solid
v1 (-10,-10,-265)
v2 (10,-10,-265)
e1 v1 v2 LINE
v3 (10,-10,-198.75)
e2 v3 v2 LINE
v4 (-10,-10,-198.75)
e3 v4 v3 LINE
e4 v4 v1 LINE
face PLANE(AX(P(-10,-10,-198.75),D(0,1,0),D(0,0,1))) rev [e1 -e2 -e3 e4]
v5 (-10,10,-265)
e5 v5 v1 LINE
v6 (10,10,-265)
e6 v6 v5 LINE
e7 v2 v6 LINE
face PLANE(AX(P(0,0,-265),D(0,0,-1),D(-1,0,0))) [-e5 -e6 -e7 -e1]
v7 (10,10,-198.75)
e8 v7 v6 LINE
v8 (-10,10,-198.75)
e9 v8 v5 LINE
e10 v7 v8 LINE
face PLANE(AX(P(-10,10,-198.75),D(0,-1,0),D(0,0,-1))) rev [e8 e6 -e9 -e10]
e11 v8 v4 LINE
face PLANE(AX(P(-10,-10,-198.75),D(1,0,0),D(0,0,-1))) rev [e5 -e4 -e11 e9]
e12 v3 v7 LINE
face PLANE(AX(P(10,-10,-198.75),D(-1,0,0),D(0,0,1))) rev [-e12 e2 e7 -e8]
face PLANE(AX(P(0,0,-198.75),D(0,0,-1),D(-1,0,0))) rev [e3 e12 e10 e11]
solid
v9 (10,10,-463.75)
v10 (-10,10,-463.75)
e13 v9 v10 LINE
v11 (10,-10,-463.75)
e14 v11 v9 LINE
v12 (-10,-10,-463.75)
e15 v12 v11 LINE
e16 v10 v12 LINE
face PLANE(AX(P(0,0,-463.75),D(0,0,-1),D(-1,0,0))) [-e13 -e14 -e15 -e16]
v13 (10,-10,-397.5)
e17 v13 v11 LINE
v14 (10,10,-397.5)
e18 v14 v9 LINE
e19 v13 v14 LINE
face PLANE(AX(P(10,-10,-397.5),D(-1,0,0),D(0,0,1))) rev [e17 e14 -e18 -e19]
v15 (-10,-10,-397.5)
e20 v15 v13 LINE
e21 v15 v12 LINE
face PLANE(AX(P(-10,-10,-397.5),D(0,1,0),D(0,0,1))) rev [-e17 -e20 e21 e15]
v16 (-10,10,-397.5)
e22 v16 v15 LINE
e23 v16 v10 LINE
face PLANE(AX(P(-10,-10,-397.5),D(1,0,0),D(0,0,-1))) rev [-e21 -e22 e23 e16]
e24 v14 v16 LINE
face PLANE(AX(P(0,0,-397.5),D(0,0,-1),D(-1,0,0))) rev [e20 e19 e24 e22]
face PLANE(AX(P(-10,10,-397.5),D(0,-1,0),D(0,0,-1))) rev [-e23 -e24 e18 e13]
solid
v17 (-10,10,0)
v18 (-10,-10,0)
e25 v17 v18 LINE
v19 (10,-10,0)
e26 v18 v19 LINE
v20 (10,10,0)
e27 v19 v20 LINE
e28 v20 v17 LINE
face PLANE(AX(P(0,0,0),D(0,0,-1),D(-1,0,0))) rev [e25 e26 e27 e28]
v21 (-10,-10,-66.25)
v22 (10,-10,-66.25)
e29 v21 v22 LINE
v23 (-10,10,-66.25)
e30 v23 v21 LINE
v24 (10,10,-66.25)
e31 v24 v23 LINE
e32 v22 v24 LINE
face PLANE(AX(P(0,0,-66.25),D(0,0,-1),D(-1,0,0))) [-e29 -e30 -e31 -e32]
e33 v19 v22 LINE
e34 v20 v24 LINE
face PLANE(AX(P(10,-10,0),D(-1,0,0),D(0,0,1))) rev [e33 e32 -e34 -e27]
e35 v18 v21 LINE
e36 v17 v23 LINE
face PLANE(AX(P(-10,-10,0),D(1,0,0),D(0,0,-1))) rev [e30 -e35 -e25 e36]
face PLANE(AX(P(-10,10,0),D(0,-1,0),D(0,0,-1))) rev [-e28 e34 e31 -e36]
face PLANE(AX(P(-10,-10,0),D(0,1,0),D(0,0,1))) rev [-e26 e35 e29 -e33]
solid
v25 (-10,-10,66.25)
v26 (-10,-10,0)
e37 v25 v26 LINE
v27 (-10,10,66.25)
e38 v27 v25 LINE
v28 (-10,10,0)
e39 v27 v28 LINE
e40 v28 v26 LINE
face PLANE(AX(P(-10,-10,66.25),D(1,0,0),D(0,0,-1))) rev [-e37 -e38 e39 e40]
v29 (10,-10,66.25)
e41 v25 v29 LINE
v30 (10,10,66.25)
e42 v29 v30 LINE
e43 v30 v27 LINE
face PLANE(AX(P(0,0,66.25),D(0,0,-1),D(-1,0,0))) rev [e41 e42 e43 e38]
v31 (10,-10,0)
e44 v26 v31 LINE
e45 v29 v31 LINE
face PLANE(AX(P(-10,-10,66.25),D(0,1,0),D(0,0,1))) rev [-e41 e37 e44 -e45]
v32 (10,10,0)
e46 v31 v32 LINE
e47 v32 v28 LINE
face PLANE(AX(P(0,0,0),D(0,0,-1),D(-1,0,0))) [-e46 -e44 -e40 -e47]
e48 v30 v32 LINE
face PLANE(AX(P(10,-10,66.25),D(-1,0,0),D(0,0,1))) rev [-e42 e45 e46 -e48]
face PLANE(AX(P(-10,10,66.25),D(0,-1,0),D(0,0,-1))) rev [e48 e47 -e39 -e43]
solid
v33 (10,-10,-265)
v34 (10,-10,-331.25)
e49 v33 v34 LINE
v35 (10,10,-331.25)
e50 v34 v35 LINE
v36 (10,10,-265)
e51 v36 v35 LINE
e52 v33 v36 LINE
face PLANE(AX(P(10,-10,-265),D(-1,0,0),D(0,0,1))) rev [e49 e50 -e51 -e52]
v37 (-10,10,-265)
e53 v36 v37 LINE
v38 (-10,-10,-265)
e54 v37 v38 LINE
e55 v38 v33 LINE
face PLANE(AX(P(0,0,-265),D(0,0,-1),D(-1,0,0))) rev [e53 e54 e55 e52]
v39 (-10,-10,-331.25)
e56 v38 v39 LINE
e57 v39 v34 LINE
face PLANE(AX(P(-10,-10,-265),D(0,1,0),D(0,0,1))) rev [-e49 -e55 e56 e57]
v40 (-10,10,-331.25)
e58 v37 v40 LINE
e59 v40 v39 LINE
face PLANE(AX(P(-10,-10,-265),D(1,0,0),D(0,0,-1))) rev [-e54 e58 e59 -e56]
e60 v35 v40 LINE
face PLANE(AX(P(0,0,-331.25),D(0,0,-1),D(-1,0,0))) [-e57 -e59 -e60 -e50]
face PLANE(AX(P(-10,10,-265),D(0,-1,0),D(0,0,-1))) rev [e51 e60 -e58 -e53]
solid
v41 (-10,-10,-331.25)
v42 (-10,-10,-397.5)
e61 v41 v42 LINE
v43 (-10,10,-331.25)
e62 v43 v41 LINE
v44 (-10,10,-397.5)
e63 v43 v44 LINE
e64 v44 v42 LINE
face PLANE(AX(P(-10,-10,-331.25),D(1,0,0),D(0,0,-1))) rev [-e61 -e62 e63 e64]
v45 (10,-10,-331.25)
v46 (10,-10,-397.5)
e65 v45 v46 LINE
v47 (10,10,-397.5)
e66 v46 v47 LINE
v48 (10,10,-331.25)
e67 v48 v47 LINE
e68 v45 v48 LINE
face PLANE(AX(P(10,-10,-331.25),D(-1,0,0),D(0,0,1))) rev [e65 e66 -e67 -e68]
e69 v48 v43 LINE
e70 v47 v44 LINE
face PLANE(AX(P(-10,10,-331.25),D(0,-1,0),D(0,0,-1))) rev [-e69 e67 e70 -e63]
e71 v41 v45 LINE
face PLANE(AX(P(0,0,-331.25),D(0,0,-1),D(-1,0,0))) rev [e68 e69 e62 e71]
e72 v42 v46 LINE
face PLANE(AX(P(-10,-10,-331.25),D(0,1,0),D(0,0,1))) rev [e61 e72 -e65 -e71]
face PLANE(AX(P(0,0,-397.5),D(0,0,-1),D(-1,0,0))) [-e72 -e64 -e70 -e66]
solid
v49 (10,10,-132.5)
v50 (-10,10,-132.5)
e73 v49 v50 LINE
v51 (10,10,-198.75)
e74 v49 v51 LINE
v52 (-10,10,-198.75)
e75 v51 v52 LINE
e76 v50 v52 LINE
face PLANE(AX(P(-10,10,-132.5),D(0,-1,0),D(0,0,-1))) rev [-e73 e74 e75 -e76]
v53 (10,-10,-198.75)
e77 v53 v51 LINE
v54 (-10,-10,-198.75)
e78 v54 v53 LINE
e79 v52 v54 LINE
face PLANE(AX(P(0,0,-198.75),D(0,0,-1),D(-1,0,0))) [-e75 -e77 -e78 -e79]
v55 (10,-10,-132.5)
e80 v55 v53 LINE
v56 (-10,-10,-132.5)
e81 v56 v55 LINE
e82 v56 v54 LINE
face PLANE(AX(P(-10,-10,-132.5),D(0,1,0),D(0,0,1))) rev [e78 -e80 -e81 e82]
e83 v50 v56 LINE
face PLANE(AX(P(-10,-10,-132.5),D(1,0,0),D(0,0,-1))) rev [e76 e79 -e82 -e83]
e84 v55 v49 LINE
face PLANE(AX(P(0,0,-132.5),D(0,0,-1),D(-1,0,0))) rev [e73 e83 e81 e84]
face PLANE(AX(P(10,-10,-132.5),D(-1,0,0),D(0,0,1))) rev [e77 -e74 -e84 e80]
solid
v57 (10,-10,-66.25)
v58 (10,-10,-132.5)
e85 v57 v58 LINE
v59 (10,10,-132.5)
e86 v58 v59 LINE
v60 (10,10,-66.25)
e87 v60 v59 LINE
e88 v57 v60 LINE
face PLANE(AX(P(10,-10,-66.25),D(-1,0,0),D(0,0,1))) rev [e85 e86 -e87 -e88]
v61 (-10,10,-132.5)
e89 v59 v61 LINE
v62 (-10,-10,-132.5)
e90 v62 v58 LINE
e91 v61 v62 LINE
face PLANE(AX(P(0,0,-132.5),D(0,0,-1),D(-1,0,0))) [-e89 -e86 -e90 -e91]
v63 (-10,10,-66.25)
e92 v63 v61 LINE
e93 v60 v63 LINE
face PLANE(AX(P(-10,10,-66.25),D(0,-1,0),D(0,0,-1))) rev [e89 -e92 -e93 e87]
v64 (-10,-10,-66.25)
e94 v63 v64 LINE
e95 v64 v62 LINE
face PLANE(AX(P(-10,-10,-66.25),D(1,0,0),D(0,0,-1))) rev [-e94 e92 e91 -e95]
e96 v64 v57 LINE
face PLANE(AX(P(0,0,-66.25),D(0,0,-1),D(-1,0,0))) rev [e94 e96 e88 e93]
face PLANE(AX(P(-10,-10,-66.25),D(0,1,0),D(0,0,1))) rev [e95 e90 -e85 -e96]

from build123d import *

# Parameters (mm, degrees)
SKETCH1_W           = 20
SKETCH1_H           = 20
BOSS_EXTRUDE1_DEPTH = 66.25
LPATTERN1_COUNT     = 8
LPATTERN1_PITCH     = 66.25


with BuildPart() as part:
    # Sketch1 → Boss-Extrude1 (new body)
    with BuildSketch(Plane.XY):
        Rectangle(SKETCH1_W, SKETCH1_H)
    extrude(amount=BOSS_EXTRUDE1_DEPTH)


with BuildPart() as lpattern1_1:
    # LPattern1: pattern copy
    add(part.part.moved(Location(Vector(0, 0, -1) * (1 * LPATTERN1_PITCH))))


with BuildPart() as lpattern1_2:
    # LPattern1: pattern copy
    add(part.part.moved(Location(Vector(0, 0, -1) * (2 * LPATTERN1_PITCH))))


with BuildPart() as lpattern1_3:
    # LPattern1: pattern copy
    add(part.part.moved(Location(Vector(0, 0, -1) * (3 * LPATTERN1_PITCH))))


with BuildPart() as lpattern1_4:
    # LPattern1: pattern copy
    add(part.part.moved(Location(Vector(0, 0, -1) * (4 * LPATTERN1_PITCH))))


with BuildPart() as lpattern1_5:
    # LPattern1: pattern copy
    add(part.part.moved(Location(Vector(0, 0, -1) * (5 * LPATTERN1_PITCH))))


with BuildPart() as lpattern1_6:
    # LPattern1: pattern copy
    add(part.part.moved(Location(Vector(0, 0, -1) * (6 * LPATTERN1_PITCH))))


with BuildPart() as lpattern1_7:
    # LPattern1: pattern copy
    add(part.part.moved(Location(Vector(0, 0, -1) * (7 * LPATTERN1_PITCH))))


solid = Compound([part.part, lpattern1_1.part, lpattern1_2.part, lpattern1_3.part, lpattern1_4.part, lpattern1_5.part, lpattern1_6.part, lpattern1_7.part])
